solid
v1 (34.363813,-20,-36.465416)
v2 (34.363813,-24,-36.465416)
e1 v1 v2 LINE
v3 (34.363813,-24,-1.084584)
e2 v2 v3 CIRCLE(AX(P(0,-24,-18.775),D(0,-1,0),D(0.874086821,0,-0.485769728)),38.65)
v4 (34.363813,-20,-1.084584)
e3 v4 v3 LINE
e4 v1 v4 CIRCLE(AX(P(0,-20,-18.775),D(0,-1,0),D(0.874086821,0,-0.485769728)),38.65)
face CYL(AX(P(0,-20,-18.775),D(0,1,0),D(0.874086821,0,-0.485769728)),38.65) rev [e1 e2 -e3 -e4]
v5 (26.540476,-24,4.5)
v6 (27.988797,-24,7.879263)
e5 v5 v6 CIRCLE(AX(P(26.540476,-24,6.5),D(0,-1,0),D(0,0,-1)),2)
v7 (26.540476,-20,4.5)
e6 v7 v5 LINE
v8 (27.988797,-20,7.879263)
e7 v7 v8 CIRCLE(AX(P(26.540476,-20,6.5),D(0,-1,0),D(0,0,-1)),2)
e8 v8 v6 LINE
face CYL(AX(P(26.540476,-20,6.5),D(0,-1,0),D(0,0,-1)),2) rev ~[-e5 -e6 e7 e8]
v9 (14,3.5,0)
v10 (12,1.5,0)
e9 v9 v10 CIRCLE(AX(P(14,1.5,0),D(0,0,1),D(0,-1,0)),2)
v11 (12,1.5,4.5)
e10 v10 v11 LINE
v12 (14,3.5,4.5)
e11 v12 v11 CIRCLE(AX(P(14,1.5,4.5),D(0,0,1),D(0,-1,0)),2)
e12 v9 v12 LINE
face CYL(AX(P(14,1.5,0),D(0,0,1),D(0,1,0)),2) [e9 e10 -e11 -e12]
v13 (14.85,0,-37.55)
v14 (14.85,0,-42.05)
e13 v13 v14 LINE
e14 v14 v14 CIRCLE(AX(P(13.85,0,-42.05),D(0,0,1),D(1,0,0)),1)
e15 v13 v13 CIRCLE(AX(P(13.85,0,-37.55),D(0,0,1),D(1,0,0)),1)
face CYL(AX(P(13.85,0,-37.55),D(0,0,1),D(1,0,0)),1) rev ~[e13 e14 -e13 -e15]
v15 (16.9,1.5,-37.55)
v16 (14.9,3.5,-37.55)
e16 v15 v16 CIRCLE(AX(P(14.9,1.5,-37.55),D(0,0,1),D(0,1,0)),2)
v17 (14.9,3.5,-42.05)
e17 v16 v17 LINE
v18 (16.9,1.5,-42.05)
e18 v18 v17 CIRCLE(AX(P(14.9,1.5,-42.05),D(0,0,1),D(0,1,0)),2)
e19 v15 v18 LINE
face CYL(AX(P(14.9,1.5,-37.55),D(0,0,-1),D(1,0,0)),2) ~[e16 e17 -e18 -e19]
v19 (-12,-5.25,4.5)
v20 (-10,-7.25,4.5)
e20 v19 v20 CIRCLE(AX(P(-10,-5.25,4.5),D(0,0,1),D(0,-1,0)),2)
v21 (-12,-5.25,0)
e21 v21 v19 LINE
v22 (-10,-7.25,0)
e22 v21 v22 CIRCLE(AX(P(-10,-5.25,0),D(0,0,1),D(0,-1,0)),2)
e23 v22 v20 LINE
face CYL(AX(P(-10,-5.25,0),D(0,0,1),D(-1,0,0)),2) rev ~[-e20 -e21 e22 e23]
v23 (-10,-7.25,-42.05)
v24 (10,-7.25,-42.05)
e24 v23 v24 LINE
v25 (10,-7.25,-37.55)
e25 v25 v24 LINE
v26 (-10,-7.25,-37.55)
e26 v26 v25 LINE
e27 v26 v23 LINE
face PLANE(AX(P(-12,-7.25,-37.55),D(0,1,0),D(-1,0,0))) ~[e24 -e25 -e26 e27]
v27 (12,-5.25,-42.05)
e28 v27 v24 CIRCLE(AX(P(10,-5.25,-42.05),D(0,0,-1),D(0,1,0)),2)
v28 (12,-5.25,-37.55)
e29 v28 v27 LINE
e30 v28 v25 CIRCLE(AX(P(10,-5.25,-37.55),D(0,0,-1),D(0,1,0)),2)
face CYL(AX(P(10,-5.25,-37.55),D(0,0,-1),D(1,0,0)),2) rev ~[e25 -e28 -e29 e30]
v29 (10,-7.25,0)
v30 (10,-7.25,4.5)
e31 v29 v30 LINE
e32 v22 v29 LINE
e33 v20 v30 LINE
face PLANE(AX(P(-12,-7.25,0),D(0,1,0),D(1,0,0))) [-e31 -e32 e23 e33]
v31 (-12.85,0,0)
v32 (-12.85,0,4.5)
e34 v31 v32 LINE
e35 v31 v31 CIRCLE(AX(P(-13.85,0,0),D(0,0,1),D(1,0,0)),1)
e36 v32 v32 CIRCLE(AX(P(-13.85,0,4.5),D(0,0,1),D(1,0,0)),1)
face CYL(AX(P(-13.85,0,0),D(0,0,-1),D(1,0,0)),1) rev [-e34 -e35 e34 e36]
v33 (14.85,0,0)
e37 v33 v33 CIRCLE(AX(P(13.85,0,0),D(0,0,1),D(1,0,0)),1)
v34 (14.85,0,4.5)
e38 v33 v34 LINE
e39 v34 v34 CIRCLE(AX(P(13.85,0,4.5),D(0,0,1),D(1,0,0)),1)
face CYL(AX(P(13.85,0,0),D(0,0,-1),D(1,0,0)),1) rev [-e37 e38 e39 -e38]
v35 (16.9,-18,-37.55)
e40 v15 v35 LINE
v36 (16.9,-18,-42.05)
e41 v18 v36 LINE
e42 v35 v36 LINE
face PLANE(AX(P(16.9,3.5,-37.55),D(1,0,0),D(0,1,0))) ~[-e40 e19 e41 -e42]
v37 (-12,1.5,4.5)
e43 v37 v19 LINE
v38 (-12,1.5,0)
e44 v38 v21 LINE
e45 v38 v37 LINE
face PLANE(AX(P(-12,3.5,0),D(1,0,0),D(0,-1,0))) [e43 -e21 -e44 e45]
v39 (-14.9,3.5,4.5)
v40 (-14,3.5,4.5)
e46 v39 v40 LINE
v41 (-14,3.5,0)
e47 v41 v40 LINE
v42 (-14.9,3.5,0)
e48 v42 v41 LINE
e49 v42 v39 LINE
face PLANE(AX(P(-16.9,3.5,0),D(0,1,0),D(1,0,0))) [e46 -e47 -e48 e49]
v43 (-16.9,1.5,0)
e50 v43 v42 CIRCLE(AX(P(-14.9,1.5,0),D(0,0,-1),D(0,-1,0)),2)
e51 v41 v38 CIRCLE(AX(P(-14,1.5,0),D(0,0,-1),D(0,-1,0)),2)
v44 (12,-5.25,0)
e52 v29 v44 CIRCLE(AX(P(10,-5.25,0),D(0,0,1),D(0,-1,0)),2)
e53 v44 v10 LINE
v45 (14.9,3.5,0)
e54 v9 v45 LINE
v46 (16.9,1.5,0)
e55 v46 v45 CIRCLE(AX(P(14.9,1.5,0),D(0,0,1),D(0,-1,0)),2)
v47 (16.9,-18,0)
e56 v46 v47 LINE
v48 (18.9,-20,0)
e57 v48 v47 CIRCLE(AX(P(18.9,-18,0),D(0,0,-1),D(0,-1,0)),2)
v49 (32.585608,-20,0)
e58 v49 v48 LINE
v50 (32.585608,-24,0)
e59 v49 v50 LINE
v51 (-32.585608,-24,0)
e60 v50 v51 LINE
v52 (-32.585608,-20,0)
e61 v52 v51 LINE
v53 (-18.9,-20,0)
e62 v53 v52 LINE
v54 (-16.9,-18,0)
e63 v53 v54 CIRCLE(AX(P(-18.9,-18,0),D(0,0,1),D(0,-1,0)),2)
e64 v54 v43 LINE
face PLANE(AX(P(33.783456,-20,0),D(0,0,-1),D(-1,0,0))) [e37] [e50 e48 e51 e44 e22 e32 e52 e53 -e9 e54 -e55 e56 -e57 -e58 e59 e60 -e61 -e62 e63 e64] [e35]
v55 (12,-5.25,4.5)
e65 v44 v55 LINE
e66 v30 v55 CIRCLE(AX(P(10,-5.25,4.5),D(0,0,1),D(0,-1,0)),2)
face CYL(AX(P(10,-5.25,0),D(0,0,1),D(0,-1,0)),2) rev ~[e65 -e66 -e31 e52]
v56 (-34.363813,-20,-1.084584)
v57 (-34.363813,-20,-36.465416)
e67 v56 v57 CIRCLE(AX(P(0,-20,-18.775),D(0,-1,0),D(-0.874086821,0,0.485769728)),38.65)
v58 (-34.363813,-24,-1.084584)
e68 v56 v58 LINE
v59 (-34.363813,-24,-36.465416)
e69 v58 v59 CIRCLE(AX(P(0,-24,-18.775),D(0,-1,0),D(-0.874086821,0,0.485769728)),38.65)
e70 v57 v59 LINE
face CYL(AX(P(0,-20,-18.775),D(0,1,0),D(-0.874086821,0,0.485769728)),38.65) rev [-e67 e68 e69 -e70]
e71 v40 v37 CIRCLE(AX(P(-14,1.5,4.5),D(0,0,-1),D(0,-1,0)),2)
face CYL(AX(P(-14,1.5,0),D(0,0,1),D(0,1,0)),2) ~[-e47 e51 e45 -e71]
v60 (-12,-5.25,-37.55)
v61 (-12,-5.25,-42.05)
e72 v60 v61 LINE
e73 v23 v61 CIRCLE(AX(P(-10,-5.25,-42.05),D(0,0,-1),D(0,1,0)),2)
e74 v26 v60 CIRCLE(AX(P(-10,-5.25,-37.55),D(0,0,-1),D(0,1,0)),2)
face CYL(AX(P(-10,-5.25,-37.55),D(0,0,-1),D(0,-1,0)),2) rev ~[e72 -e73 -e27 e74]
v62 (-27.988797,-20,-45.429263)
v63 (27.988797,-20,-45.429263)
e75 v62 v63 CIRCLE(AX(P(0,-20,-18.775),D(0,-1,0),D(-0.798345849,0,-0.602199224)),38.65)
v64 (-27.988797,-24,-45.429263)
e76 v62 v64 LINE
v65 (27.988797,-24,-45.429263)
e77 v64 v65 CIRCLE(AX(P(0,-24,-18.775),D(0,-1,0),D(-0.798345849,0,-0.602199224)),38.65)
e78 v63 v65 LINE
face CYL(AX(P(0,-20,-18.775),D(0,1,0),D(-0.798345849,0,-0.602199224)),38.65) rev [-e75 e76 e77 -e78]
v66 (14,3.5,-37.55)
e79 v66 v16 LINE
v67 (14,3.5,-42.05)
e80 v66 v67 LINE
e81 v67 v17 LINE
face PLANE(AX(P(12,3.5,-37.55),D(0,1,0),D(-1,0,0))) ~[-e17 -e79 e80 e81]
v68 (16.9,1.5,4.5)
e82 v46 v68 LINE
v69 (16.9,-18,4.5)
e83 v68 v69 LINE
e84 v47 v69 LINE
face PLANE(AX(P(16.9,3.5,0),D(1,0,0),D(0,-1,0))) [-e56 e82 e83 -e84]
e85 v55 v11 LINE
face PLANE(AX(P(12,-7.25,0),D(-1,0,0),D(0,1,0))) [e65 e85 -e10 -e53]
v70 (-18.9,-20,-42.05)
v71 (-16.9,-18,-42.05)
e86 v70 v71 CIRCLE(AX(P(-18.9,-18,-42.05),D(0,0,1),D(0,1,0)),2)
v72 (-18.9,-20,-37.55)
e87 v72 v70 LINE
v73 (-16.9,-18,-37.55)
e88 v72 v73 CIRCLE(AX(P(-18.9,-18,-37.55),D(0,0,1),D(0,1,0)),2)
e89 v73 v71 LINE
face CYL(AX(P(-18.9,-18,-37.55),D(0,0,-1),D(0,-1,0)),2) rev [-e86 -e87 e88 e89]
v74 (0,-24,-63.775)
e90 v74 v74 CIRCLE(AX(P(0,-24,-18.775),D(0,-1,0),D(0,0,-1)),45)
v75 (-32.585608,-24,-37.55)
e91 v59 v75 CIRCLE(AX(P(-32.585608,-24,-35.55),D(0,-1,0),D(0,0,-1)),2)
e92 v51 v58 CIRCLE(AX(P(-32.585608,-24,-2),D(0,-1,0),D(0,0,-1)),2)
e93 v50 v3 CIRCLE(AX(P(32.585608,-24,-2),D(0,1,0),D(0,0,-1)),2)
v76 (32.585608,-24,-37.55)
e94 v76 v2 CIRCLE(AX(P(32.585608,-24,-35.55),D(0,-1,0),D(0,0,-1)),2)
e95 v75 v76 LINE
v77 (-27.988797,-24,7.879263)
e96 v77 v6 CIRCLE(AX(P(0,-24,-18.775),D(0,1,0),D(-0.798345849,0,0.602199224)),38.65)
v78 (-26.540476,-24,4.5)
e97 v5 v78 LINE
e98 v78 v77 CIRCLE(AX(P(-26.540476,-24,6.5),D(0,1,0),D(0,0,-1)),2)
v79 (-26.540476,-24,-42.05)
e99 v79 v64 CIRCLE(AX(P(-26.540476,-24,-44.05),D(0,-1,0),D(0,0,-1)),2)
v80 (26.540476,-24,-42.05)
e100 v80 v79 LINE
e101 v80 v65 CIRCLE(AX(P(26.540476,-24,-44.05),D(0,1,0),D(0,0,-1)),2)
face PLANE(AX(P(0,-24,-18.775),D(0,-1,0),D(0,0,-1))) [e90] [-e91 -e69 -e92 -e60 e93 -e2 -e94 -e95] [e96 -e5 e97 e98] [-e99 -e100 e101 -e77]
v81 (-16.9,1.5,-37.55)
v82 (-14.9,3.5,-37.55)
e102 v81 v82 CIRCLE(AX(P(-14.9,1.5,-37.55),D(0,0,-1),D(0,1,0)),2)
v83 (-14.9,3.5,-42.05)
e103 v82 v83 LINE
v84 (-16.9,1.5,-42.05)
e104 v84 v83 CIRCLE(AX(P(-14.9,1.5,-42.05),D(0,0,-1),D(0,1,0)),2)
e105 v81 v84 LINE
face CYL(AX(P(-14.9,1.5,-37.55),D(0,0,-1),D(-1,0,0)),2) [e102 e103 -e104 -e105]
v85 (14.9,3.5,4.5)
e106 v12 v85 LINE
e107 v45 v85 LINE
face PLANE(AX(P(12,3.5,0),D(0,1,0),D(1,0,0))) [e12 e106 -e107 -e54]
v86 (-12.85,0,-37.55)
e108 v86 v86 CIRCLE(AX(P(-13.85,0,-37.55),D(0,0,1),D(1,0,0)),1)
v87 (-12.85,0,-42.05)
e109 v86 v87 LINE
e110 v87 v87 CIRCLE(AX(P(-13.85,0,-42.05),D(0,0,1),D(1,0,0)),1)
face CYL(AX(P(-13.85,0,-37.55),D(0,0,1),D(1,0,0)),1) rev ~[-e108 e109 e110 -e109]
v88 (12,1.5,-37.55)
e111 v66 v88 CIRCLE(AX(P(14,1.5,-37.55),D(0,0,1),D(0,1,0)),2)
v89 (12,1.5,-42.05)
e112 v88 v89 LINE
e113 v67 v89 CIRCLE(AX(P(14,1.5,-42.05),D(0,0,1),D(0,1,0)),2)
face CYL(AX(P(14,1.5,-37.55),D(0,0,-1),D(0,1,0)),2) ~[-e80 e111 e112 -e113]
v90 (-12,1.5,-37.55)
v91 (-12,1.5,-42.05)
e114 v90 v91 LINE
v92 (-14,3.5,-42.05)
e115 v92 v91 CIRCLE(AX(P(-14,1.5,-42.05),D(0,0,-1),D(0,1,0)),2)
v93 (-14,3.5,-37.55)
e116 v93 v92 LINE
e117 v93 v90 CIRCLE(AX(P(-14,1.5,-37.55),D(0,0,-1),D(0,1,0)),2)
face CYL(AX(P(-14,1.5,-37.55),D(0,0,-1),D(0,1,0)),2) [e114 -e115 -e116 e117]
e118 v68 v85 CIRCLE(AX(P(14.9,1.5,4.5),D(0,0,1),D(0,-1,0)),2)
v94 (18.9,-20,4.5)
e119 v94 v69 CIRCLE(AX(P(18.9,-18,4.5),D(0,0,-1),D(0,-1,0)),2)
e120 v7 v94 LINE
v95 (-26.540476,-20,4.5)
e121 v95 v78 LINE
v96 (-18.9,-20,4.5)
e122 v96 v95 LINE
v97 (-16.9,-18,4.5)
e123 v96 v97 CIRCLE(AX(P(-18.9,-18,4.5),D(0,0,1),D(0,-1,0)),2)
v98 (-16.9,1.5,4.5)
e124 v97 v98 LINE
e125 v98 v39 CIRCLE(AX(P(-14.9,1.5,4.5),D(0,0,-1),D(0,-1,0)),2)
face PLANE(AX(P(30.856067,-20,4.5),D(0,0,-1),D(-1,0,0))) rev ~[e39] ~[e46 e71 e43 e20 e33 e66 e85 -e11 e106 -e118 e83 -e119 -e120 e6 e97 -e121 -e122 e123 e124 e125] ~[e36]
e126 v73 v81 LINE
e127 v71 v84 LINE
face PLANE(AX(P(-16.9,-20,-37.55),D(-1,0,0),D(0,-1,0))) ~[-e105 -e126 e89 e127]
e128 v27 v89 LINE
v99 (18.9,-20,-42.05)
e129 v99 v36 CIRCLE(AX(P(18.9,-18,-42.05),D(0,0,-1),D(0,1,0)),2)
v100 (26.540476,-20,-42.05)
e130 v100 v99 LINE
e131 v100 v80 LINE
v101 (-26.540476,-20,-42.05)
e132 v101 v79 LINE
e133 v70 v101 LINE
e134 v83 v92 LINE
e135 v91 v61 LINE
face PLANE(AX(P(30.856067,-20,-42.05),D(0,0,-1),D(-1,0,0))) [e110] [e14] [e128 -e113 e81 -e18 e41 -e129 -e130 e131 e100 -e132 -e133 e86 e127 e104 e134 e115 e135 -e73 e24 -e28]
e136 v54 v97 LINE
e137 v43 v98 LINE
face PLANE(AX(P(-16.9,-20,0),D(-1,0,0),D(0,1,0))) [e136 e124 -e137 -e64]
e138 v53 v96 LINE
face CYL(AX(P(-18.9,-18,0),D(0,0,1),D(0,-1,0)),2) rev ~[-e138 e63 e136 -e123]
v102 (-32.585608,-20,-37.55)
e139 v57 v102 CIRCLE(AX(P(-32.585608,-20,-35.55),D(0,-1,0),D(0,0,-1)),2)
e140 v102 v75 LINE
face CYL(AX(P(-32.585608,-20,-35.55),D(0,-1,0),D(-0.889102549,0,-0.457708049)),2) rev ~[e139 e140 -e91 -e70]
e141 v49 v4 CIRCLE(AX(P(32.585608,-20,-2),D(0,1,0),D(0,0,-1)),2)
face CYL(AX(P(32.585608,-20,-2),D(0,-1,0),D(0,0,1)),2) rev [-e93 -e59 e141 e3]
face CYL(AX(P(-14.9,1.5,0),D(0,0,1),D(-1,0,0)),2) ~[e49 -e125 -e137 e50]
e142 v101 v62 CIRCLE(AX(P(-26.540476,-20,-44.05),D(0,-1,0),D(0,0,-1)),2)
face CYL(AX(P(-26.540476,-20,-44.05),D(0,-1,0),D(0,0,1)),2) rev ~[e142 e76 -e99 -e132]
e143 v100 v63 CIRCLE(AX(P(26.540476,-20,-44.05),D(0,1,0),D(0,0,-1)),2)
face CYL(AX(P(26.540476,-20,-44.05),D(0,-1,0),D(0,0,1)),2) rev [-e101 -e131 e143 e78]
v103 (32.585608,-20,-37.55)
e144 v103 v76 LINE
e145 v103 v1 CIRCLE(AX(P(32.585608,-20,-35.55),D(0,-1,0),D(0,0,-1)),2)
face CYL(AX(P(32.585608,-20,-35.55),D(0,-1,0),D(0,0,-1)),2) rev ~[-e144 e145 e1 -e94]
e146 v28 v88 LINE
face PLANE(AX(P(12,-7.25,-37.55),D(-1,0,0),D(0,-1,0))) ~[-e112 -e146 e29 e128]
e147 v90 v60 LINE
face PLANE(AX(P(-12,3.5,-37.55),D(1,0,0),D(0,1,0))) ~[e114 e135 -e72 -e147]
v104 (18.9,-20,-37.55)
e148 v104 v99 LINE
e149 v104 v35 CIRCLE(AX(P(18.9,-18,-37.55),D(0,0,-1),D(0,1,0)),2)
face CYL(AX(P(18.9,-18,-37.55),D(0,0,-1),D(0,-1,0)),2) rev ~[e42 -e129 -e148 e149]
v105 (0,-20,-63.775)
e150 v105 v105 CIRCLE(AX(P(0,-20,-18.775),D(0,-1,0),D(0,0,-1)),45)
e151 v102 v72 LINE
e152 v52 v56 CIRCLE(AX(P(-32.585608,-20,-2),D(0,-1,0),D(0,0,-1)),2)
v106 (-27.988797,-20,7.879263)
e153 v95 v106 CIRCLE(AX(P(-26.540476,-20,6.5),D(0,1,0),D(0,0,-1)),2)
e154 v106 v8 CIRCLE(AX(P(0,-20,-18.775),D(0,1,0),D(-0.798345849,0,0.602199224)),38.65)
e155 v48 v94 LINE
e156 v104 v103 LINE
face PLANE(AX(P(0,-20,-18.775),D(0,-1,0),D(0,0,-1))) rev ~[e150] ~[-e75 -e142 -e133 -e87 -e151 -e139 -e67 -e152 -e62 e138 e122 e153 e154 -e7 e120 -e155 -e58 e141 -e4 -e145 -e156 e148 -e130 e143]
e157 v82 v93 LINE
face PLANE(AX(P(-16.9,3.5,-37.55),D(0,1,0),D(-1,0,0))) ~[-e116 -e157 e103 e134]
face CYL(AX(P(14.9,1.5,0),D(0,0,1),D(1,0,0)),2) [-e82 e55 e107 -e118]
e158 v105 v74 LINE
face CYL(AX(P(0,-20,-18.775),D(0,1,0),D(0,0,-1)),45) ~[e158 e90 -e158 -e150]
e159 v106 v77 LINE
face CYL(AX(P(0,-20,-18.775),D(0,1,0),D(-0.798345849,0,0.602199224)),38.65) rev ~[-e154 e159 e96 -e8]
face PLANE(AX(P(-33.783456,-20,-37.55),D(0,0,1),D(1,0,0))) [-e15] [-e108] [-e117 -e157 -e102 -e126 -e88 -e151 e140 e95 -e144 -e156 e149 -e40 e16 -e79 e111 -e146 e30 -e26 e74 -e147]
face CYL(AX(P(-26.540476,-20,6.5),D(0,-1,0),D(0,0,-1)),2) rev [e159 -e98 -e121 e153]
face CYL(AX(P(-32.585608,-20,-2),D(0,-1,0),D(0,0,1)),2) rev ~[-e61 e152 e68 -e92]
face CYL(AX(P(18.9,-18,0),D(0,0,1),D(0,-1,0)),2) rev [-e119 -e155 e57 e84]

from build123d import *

# Parameters (mm, degrees)
SKETCH1_R           = 1
BOSS_EXTRUDE1_DEPTH = 4.5
SKETCH4_R           = 45
BOSS_EXTRUDE3_DEPTH = 4
FILLET2_R           = 2
FILLET3_R           = 2


with BuildPart() as part:
    # Sketch1 → Boss-Extrude1 (new body)
    with BuildSketch(Plane.XY):
        Polygon((12, 3.5), (16.9, 3.5), (16.9, -20), (-16.9, -20), (-16.9, 3.5), (-12, 3.5), (-12, -7.25), (12, -7.25), align=None)
        with Locations((13.85, 0)):
            Circle(SKETCH1_R, mode=Mode.SUBTRACT)
        with Locations((-13.85, 0)):
            Circle(SKETCH1_R, mode=Mode.SUBTRACT)
    boss_extrude1 = extrude(amount=BOSS_EXTRUDE1_DEPTH)

    # Sketch4 → Boss-Extrude3 (add)
    with BuildSketch(Plane(origin=(0, -20, 0), x_dir=(-1, 0, 0), z_dir=(0, -1, 0))):
        with Locations(Location((0, 18.775, 0), (0, 0, 90))):
            Circle(SKETCH4_R)
        with BuildLine():
            Line((-33.78345564, 0), (33.78345564, 0))
            ThreePointArc((33.78345564, 0), (38.65, 18.775), (33.78345564, 37.55))
            Line((33.78345564, 37.55), (-33.78345564, 37.55))
            ThreePointArc((-33.78345564, 37.55), (-38.65, 18.775), (-33.78345564, 0))
        make_face(mode=Mode.SUBTRACT)
        with BuildLine():
            Line((-30.85606707, -4.5), (30.85606707, -4.5))
            ThreePointArc((30.85606707, -4.5), (0, -19.875), (-30.85606707, -4.5))
        make_face(mode=Mode.SUBTRACT)
        with BuildLine():
            Line((-30.85606707, 42.05), (30.85606707, 42.05))
            ThreePointArc((30.85606707, 42.05), (0, 57.425), (-30.85606707, 42.05))
        make_face(mode=Mode.SUBTRACT)
    extrude(amount=BOSS_EXTRUDE3_DEPTH)

    # Mirror2: Boss-Extrude1 across plane
    add(boss_extrude1.mirror(Plane(origin=(0, 0, -18.775), x_dir=(1, 0, 0), z_dir=(0, 0, -1))))

    # Fillet2
    fillet2_edges = [part.edges().sort_by_distance(p)[0] for p in [
        (-12, -7.25, 2.25),
        (12, -7.25, 2.25),
        (33.78345564, -22, 0),
        (-33.78345564, -22, 0),
        (-33.78345564, -22, -37.55),
        (33.78345564, -22, -37.55),
        (-30.85606707, -22, 4.5),
        (30.85606707, -22, 4.5),
        (30.85606707, -22, -42.05),
        (-30.85606707, -22, -42.05),
        (-12, -7.25, -39.8),
        (12, -7.25, -39.8),
    ]]
    fillet(fillet2_edges, radius=FILLET2_R)

    # Fillet3
    fillet3_edges = [part.edges().sort_by_distance(p)[0] for p in [
        (12, 3.5, 2.25),
        (16.9, 3.5, 2.25),
        (16.9, -20, 2.25),
        (-16.9, -20, 2.25),
        (-16.9, 3.5, 2.25),
        (-12, 3.5, 2.25),
        (-12, 3.5, -39.8),
        (12, 3.5, -39.8),
        (16.9, 3.5, -39.8),
        (16.9, -20, -39.8),
        (-16.9, -20, -39.8),
        (-16.9, 3.5, -39.8),
    ]]
    fillet(fillet3_edges, radius=FILLET3_R)


solid = part.part
